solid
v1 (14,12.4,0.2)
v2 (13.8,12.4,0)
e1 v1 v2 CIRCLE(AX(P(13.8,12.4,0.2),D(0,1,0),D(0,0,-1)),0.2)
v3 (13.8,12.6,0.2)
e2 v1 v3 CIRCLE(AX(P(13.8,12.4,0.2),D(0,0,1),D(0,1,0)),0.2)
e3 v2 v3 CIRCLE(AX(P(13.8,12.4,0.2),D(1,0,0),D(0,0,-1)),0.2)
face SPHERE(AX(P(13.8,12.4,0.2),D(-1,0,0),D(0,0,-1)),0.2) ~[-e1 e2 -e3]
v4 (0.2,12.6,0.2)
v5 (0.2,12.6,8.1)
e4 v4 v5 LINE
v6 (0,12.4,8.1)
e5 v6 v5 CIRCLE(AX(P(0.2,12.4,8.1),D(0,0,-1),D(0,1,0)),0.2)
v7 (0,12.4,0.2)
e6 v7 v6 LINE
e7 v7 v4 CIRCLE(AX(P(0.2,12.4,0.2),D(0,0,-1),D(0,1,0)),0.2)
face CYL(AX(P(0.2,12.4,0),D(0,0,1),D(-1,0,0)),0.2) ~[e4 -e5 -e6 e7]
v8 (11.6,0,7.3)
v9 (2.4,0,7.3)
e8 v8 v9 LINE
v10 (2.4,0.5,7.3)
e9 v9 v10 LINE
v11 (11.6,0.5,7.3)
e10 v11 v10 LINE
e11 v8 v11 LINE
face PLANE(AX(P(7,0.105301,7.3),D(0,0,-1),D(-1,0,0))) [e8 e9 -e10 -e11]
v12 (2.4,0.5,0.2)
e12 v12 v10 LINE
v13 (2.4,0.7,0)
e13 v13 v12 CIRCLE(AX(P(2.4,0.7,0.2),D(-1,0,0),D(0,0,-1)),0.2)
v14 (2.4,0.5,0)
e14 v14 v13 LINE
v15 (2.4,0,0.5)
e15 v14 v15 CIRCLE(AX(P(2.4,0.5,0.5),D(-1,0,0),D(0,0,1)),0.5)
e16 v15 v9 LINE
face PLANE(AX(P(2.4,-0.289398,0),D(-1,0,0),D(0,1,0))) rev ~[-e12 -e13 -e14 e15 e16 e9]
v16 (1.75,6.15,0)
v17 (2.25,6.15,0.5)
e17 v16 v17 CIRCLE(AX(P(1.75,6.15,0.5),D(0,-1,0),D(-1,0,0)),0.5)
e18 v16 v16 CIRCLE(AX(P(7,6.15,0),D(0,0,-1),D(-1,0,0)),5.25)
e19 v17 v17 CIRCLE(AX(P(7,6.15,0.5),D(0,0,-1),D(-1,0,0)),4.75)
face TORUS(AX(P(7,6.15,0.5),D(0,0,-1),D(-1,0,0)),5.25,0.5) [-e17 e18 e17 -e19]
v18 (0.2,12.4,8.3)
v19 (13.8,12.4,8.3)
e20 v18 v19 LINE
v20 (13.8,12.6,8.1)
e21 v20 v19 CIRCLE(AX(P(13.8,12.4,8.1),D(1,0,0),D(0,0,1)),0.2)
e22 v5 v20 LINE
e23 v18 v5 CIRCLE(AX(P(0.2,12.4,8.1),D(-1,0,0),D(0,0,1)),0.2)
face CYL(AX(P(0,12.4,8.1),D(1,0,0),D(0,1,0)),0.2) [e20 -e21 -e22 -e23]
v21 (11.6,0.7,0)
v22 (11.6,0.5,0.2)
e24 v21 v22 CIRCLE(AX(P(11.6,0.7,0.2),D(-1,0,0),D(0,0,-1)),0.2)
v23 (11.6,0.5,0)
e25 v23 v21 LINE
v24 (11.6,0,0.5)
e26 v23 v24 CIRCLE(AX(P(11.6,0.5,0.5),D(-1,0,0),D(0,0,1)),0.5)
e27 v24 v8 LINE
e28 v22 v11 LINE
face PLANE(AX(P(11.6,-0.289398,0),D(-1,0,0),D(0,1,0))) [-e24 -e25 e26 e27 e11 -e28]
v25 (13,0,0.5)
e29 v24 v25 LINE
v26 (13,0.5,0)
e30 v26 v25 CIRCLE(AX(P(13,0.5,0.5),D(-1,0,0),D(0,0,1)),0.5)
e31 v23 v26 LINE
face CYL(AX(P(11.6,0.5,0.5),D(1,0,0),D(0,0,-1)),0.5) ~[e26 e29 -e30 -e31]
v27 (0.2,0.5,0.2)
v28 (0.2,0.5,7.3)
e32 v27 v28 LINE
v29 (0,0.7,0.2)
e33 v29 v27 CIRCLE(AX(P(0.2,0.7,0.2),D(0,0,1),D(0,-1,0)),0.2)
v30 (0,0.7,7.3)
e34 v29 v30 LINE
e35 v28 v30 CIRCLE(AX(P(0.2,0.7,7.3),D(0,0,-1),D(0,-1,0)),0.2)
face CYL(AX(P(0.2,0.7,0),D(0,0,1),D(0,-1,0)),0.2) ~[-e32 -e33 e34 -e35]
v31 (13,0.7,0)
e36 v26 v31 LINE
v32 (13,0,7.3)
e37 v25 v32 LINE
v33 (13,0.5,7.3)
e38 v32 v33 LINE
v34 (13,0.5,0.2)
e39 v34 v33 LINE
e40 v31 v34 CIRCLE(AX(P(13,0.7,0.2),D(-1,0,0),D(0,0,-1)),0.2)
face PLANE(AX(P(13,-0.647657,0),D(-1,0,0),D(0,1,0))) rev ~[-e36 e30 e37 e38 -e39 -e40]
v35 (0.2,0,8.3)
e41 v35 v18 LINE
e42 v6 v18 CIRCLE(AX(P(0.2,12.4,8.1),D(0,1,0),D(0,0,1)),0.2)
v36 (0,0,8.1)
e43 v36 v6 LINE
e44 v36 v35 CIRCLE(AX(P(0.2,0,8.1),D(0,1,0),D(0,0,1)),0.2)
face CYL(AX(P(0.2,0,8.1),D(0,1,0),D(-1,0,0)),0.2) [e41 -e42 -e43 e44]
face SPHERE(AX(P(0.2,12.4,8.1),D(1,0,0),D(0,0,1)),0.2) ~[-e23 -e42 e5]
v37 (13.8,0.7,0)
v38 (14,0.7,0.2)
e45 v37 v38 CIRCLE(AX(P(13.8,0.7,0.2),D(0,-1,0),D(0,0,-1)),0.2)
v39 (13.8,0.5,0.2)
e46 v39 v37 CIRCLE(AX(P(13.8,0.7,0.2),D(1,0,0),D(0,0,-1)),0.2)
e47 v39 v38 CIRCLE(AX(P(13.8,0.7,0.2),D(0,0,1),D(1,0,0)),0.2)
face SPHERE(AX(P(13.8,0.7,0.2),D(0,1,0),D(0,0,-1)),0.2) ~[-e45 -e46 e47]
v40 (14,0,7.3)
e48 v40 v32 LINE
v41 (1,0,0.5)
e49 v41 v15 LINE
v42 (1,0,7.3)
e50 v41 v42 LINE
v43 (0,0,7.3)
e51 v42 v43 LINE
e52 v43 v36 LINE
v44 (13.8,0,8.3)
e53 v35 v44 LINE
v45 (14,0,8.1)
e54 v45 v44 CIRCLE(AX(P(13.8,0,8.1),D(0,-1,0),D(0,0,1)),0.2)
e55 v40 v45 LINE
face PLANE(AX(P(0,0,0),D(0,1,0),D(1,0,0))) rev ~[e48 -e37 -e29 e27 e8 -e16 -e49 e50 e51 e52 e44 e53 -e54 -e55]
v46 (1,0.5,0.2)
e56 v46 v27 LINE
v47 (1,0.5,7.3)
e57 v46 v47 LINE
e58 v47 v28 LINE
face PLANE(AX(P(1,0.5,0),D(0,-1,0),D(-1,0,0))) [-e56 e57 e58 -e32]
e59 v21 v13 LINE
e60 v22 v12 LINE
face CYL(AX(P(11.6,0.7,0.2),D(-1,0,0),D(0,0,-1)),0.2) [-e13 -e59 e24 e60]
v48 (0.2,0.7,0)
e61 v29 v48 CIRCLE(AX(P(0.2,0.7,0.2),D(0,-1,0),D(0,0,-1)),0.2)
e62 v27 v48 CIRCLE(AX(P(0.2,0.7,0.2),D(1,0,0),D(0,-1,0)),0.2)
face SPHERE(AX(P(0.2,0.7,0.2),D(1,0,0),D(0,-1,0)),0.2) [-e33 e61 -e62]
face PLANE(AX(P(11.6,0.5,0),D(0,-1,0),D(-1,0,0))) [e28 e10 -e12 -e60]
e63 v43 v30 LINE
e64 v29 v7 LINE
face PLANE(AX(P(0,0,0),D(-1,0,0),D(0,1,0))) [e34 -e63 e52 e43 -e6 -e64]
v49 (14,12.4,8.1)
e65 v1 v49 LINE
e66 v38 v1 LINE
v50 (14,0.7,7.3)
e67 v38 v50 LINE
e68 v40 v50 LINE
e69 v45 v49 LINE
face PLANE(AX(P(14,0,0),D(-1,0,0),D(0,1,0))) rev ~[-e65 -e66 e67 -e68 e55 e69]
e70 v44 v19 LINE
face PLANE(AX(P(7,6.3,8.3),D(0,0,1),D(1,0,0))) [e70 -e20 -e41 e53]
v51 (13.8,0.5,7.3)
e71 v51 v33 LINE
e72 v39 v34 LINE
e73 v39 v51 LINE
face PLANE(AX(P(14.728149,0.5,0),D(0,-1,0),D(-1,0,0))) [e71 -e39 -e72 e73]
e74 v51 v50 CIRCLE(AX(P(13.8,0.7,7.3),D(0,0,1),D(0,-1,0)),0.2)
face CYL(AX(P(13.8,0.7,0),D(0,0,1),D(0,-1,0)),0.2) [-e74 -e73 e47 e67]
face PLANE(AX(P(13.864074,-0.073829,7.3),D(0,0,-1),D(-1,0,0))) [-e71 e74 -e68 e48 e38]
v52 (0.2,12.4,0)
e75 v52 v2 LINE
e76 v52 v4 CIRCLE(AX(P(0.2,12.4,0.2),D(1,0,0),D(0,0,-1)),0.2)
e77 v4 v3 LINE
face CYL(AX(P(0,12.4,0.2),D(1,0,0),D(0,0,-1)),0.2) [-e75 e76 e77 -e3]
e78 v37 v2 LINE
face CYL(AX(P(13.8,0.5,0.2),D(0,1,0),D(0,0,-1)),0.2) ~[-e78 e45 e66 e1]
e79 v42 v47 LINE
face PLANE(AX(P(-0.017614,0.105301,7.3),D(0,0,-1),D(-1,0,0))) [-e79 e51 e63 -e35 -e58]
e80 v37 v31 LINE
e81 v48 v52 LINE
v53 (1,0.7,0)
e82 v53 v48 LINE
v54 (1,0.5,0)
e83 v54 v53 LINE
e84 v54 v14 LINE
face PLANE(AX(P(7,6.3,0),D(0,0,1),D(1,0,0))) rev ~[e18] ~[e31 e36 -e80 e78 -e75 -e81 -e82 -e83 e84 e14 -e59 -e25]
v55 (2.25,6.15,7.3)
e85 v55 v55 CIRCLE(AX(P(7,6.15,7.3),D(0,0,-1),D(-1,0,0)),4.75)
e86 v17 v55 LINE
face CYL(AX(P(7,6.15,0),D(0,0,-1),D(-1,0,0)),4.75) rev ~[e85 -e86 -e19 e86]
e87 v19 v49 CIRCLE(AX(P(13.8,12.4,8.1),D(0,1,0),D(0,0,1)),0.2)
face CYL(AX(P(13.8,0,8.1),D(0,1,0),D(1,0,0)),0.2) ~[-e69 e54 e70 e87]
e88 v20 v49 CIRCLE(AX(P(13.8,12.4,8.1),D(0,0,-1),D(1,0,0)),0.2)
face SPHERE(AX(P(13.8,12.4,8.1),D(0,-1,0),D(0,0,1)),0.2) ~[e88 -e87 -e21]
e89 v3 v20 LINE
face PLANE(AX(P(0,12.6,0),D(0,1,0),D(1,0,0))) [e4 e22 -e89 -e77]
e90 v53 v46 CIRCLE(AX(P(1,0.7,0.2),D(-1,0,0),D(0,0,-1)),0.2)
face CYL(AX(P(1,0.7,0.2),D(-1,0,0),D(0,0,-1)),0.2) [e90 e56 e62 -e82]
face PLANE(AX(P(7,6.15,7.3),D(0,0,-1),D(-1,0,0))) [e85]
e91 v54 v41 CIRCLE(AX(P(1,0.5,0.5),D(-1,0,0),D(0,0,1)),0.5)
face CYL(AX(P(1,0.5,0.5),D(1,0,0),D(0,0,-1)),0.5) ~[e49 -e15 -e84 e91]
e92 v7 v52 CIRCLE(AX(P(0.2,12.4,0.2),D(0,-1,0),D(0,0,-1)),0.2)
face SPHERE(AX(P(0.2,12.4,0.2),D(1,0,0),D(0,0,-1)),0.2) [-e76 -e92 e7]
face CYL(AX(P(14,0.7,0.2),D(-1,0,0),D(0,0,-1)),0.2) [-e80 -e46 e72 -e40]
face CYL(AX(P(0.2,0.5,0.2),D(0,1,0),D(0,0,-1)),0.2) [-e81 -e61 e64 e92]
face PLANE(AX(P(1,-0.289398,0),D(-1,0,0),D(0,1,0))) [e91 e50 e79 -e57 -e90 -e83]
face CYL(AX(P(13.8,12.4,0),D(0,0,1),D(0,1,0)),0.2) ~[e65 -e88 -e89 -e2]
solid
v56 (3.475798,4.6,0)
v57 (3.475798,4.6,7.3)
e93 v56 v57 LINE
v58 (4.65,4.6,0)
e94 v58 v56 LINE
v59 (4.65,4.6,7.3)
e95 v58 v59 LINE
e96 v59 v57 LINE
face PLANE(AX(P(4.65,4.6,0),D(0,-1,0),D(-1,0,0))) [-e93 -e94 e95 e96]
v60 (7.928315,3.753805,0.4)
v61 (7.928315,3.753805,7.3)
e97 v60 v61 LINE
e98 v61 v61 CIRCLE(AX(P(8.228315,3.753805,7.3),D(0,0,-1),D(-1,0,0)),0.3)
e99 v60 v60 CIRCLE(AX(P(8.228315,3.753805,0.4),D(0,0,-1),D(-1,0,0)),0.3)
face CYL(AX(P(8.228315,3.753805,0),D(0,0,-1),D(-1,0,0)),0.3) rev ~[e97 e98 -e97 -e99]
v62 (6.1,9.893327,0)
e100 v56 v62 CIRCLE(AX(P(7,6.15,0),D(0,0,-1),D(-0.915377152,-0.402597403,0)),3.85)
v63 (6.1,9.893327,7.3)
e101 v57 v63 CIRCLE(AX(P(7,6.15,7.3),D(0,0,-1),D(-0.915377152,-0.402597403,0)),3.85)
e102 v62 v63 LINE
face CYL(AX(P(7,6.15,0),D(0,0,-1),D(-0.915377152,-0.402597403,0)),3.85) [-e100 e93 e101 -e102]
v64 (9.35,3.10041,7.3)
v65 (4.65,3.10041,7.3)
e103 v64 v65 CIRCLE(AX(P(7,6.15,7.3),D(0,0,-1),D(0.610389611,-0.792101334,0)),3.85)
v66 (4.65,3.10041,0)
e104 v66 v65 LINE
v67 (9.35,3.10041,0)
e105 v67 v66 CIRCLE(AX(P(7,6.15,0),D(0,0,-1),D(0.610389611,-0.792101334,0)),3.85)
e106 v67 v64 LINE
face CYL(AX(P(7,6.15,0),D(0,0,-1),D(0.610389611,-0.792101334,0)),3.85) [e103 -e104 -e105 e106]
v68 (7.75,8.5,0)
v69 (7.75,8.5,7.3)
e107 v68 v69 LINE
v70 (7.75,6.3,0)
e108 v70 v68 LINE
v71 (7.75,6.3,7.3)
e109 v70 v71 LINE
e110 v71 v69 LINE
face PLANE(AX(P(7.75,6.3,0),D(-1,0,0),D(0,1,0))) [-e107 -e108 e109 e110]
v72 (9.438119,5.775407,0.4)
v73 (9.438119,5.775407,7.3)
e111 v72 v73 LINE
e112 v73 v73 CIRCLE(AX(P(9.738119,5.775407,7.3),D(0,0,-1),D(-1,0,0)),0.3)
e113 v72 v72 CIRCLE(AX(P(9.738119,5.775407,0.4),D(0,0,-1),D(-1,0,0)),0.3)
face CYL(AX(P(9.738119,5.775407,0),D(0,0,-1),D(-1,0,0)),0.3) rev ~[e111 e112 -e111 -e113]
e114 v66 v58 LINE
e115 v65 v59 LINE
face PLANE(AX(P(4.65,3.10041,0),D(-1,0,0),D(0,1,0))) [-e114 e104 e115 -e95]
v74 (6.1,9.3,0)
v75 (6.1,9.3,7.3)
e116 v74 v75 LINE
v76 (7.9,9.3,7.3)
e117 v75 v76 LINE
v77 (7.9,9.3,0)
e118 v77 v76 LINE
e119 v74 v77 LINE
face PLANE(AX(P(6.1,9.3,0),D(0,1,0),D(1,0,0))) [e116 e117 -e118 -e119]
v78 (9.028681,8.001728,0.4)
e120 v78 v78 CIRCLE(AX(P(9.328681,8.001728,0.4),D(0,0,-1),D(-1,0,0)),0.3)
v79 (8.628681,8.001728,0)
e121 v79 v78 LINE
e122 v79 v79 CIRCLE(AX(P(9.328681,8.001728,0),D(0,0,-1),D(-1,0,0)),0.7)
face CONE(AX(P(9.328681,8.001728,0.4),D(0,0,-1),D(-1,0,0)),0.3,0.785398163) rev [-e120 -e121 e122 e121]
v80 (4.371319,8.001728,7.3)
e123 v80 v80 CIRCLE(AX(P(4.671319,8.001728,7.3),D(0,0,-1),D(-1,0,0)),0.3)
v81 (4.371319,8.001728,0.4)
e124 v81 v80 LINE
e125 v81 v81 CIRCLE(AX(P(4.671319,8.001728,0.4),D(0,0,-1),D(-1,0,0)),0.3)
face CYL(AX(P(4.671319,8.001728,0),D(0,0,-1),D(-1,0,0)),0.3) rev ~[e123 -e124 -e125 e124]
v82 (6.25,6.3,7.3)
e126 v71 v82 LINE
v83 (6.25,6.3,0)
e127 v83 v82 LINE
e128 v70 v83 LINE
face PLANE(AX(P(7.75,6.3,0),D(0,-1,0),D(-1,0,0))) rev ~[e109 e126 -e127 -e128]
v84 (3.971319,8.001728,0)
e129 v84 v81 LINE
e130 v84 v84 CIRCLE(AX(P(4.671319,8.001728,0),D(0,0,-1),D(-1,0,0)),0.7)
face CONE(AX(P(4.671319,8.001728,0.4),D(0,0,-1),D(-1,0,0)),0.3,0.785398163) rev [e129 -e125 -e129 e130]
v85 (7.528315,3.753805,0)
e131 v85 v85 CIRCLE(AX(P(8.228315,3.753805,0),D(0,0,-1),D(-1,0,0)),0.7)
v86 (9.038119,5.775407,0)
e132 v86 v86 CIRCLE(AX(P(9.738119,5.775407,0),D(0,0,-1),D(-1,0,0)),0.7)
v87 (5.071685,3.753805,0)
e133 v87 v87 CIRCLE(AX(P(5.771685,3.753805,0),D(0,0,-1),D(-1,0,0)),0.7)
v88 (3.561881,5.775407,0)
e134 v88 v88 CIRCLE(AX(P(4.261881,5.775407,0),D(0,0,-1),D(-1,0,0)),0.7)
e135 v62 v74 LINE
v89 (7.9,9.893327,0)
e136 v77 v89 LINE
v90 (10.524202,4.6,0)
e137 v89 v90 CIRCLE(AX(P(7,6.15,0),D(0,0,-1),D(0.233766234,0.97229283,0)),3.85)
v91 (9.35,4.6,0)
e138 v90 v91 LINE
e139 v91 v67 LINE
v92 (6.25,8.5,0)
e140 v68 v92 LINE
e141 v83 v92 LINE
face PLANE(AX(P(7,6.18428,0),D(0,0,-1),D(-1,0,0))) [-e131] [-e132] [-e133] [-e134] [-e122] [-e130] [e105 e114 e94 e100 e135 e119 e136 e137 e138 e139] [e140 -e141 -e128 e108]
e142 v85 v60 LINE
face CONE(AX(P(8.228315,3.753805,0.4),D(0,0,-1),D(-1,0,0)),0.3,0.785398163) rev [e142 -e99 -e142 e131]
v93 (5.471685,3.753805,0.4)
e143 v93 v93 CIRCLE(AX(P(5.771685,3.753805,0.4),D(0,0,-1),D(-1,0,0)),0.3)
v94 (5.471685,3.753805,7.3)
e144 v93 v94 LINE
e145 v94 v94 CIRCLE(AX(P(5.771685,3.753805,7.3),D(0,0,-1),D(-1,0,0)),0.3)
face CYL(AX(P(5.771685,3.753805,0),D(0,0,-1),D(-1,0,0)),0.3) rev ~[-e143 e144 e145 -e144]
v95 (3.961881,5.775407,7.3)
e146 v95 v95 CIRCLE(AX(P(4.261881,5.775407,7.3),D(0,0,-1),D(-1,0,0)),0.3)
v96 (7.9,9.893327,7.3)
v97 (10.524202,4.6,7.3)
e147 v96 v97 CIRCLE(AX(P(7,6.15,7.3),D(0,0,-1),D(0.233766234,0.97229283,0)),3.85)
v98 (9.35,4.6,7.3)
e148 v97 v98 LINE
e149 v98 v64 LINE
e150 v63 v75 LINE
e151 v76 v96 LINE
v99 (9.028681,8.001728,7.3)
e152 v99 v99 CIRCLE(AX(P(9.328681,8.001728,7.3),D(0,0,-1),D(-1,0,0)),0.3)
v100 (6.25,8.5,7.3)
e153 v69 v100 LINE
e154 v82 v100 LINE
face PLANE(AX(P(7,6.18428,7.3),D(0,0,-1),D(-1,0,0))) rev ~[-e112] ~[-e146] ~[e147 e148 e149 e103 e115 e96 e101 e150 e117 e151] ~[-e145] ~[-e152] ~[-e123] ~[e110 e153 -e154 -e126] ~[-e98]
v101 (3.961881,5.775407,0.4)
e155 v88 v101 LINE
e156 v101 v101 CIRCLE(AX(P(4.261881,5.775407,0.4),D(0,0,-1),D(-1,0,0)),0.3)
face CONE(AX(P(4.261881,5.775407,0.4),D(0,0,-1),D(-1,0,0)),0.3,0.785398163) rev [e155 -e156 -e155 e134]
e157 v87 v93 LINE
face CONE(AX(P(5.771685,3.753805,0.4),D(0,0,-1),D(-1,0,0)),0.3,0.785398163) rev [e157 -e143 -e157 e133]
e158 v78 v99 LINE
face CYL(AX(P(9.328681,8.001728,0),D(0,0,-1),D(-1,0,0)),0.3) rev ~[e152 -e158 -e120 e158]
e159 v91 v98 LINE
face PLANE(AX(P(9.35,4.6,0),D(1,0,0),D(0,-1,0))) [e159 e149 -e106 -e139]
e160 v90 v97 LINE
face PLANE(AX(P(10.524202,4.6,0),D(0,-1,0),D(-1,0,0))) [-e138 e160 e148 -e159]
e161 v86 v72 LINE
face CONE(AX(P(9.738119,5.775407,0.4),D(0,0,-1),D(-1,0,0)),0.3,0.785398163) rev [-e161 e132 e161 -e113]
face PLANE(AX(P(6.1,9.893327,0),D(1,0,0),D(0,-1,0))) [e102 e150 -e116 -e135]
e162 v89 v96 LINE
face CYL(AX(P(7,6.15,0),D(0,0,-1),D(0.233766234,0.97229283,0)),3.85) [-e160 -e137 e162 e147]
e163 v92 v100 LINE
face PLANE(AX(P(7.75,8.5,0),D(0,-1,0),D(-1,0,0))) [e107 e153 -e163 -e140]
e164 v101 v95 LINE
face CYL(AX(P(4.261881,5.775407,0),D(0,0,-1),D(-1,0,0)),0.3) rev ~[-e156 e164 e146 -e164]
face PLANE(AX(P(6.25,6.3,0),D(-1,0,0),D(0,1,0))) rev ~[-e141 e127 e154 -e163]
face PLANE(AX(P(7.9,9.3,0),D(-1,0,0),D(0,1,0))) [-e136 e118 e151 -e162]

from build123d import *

# Parameters (mm, degrees)
SKETCH1_W          = 14
SKETCH1_H          = 12.6
EXTRUDE1_DEPTH     = 8.3
SKETCH2_R          = 4.75
CUT_EXTRUDE1_DEPTH = 7.3
FILLET1_R          = 0.5
SKETCH3_W          = 9.2
SKETCH3_H          = 0.789398471
SKETCH3_W_2        = 2.03522765
SKETCH3_W_3        = 1.728148887
SKETCH3_H_2        = 1.147657029
CUT_EXTRUDE2_DEPTH = 7.3
FILLET2_R          = 0.5
EXTRUDE2_DEPTH     = 7.3
SKETCH5_W          = 1.5
SKETCH5_H          = 2.2
SKETCH5_R          = 0.3
CUT_EXTRUDE3_DEPTH = 7.3
CHAMFER1_SIZE      = 0.4
FILLET3_R          = 0.2


with BuildPart() as part:
    # Sketch1 → Extrude1 (new body)
    with BuildSketch(Plane.XY):
        with Locations((7, 6.3)):
            Rectangle(SKETCH1_W, SKETCH1_H)
    extrude(amount=EXTRUDE1_DEPTH)

    # Sketch2 → Cut-Extrude1 (cut)
    with BuildSketch(Plane(origin=(0, 0, 0), x_dir=(-1, 0, 0), z_dir=(0, 0, -1))):
        with Locations((-7, 6.15)):
            Circle(SKETCH2_R)
    extrude(amount=-CUT_EXTRUDE1_DEPTH, mode=Mode.SUBTRACT)

    # Fillet1
    fillet1_edges = [part.edges().sort_by_distance(p)[0] for p in [
        (11.75, 6.15, 0),
    ]]
    fillet(fillet1_edges, radius=FILLET1_R)

    # Sketch3 → Cut-Extrude2 (cut)
    with BuildSketch(Plane(origin=(0, 0, 0), x_dir=(-1, 0, 0), z_dir=(0, 0, -1))):
        with Locations((-7, 0.105300765)):
            Rectangle(SKETCH3_W, SKETCH3_H)
        with Locations((0.017613825, 0.105300765)):
            Rectangle(SKETCH3_W_2, SKETCH3_H)
        with Locations((-13.864074444, -0.073828514)):
            Rectangle(SKETCH3_W_3, SKETCH3_H_2)
    extrude(amount=-CUT_EXTRUDE2_DEPTH, mode=Mode.SUBTRACT)

    # Fillet2
    fillet2_edges = [part.edges().sort_by_distance(p)[0] for p in [
        (1.7, 0, 0),
        (12.3, 0, 0),
    ]]
    fillet(fillet2_edges, radius=FILLET2_R)

    # Fillet3
    fillet3_edges = [part.edges().sort_by_distance(p)[0] for p in [
        (14, 6.3, 8.3),
        (7, 12.6, 8.3),
        (0.5, 0.5, 0),
        (0, 0.5, 3.65),
        (0, 6.3, 8.3),
        (7, 12.6, 0),
        (7, 0.5, 0),
        (0, 6.55, 0),
        (14, 6.55, 0),
        (13.5, 0.5, 0),
        (14, 0.5, 3.65),
        (0, 12.6, 4.15),
        (14, 12.6, 4.15),
    ]]
    fillet(fillet3_edges, radius=FILLET3_R)


with BuildPart() as body_2:
    # Sketch4 → Extrude2 (new body)
    with BuildSketch(Plane(origin=(0, 0, 0), x_dir=(-1, 0, 0), z_dir=(0, 0, -1))):
        with BuildLine():
            Line((-10.524202037, 4.6), (-9.35, 4.6))
            Line((-9.35, 4.6), (-9.35, 3.100409864))
            ThreePointArc((-9.35, 3.100409864), (-7, 2.3), (-4.65, 3.100409864))
            Line((-4.65, 3.100409864), (-4.65, 4.6))
            Line((-4.65, 4.6), (-3.475797963, 4.6))
            ThreePointArc((-3.475797963, 4.6), (-3.550620396, 7.860052733), (-6.1, 9.893327397))
            Line((-6.1, 9.893327397), (-6.1, 9.3))
            Line((-6.1, 9.3), (-7.9, 9.3))
            Line((-7.9, 9.3), (-7.9, 9.893327397))
            ThreePointArc((-7.9, 9.893327397), (-10.449379604, 7.860052733), (-10.524202037, 4.6))
        make_face()
    extrude(amount=-EXTRUDE2_DEPTH)

    # Sketch5 → Cut-Extrude3 (cut)
    with BuildSketch(Plane(origin=(0, 0, 0), x_dir=(-1, 0, 0), z_dir=(0, 0, -1))):
        with Locations((-7, 7.4)):
            Rectangle(SKETCH5_W, SKETCH5_H)
        with Locations((-4.671319375, 8.001728149)):
            Circle(SKETCH5_R)
        with Locations((-4.261881024, 5.775407112)):
            Circle(SKETCH5_R)
        with Locations((-9.328680625, 8.001728149)):
            Circle(SKETCH5_R)
        with Locations((-9.738118976, 5.775407112)):
            Circle(SKETCH5_R)
        with Locations((-8.228315055, 3.753805251)):
            Circle(SKETCH5_R)
        with Locations((-5.771684945, 3.753805251)):
            Circle(SKETCH5_R)
    extrude(amount=-CUT_EXTRUDE3_DEPTH, mode=Mode.SUBTRACT)

    # Chamfer1
    chamfer1_edges = [body_2.edges().sort_by_distance(p)[0] for p in [
        (4.971319375, 8.001728149, 0),
        (4.561881024, 5.775407112, 0),
        (9.628680625, 8.001728149, 0),
        (10.038118976, 5.775407112, 0),
        (8.528315055, 3.753805251, 0),
        (6.071684945, 3.753805251, 0),
    ]]
    chamfer(chamfer1_edges, length=CHAMFER1_SIZE)


solid = Compound([part.part, body_2.part])
